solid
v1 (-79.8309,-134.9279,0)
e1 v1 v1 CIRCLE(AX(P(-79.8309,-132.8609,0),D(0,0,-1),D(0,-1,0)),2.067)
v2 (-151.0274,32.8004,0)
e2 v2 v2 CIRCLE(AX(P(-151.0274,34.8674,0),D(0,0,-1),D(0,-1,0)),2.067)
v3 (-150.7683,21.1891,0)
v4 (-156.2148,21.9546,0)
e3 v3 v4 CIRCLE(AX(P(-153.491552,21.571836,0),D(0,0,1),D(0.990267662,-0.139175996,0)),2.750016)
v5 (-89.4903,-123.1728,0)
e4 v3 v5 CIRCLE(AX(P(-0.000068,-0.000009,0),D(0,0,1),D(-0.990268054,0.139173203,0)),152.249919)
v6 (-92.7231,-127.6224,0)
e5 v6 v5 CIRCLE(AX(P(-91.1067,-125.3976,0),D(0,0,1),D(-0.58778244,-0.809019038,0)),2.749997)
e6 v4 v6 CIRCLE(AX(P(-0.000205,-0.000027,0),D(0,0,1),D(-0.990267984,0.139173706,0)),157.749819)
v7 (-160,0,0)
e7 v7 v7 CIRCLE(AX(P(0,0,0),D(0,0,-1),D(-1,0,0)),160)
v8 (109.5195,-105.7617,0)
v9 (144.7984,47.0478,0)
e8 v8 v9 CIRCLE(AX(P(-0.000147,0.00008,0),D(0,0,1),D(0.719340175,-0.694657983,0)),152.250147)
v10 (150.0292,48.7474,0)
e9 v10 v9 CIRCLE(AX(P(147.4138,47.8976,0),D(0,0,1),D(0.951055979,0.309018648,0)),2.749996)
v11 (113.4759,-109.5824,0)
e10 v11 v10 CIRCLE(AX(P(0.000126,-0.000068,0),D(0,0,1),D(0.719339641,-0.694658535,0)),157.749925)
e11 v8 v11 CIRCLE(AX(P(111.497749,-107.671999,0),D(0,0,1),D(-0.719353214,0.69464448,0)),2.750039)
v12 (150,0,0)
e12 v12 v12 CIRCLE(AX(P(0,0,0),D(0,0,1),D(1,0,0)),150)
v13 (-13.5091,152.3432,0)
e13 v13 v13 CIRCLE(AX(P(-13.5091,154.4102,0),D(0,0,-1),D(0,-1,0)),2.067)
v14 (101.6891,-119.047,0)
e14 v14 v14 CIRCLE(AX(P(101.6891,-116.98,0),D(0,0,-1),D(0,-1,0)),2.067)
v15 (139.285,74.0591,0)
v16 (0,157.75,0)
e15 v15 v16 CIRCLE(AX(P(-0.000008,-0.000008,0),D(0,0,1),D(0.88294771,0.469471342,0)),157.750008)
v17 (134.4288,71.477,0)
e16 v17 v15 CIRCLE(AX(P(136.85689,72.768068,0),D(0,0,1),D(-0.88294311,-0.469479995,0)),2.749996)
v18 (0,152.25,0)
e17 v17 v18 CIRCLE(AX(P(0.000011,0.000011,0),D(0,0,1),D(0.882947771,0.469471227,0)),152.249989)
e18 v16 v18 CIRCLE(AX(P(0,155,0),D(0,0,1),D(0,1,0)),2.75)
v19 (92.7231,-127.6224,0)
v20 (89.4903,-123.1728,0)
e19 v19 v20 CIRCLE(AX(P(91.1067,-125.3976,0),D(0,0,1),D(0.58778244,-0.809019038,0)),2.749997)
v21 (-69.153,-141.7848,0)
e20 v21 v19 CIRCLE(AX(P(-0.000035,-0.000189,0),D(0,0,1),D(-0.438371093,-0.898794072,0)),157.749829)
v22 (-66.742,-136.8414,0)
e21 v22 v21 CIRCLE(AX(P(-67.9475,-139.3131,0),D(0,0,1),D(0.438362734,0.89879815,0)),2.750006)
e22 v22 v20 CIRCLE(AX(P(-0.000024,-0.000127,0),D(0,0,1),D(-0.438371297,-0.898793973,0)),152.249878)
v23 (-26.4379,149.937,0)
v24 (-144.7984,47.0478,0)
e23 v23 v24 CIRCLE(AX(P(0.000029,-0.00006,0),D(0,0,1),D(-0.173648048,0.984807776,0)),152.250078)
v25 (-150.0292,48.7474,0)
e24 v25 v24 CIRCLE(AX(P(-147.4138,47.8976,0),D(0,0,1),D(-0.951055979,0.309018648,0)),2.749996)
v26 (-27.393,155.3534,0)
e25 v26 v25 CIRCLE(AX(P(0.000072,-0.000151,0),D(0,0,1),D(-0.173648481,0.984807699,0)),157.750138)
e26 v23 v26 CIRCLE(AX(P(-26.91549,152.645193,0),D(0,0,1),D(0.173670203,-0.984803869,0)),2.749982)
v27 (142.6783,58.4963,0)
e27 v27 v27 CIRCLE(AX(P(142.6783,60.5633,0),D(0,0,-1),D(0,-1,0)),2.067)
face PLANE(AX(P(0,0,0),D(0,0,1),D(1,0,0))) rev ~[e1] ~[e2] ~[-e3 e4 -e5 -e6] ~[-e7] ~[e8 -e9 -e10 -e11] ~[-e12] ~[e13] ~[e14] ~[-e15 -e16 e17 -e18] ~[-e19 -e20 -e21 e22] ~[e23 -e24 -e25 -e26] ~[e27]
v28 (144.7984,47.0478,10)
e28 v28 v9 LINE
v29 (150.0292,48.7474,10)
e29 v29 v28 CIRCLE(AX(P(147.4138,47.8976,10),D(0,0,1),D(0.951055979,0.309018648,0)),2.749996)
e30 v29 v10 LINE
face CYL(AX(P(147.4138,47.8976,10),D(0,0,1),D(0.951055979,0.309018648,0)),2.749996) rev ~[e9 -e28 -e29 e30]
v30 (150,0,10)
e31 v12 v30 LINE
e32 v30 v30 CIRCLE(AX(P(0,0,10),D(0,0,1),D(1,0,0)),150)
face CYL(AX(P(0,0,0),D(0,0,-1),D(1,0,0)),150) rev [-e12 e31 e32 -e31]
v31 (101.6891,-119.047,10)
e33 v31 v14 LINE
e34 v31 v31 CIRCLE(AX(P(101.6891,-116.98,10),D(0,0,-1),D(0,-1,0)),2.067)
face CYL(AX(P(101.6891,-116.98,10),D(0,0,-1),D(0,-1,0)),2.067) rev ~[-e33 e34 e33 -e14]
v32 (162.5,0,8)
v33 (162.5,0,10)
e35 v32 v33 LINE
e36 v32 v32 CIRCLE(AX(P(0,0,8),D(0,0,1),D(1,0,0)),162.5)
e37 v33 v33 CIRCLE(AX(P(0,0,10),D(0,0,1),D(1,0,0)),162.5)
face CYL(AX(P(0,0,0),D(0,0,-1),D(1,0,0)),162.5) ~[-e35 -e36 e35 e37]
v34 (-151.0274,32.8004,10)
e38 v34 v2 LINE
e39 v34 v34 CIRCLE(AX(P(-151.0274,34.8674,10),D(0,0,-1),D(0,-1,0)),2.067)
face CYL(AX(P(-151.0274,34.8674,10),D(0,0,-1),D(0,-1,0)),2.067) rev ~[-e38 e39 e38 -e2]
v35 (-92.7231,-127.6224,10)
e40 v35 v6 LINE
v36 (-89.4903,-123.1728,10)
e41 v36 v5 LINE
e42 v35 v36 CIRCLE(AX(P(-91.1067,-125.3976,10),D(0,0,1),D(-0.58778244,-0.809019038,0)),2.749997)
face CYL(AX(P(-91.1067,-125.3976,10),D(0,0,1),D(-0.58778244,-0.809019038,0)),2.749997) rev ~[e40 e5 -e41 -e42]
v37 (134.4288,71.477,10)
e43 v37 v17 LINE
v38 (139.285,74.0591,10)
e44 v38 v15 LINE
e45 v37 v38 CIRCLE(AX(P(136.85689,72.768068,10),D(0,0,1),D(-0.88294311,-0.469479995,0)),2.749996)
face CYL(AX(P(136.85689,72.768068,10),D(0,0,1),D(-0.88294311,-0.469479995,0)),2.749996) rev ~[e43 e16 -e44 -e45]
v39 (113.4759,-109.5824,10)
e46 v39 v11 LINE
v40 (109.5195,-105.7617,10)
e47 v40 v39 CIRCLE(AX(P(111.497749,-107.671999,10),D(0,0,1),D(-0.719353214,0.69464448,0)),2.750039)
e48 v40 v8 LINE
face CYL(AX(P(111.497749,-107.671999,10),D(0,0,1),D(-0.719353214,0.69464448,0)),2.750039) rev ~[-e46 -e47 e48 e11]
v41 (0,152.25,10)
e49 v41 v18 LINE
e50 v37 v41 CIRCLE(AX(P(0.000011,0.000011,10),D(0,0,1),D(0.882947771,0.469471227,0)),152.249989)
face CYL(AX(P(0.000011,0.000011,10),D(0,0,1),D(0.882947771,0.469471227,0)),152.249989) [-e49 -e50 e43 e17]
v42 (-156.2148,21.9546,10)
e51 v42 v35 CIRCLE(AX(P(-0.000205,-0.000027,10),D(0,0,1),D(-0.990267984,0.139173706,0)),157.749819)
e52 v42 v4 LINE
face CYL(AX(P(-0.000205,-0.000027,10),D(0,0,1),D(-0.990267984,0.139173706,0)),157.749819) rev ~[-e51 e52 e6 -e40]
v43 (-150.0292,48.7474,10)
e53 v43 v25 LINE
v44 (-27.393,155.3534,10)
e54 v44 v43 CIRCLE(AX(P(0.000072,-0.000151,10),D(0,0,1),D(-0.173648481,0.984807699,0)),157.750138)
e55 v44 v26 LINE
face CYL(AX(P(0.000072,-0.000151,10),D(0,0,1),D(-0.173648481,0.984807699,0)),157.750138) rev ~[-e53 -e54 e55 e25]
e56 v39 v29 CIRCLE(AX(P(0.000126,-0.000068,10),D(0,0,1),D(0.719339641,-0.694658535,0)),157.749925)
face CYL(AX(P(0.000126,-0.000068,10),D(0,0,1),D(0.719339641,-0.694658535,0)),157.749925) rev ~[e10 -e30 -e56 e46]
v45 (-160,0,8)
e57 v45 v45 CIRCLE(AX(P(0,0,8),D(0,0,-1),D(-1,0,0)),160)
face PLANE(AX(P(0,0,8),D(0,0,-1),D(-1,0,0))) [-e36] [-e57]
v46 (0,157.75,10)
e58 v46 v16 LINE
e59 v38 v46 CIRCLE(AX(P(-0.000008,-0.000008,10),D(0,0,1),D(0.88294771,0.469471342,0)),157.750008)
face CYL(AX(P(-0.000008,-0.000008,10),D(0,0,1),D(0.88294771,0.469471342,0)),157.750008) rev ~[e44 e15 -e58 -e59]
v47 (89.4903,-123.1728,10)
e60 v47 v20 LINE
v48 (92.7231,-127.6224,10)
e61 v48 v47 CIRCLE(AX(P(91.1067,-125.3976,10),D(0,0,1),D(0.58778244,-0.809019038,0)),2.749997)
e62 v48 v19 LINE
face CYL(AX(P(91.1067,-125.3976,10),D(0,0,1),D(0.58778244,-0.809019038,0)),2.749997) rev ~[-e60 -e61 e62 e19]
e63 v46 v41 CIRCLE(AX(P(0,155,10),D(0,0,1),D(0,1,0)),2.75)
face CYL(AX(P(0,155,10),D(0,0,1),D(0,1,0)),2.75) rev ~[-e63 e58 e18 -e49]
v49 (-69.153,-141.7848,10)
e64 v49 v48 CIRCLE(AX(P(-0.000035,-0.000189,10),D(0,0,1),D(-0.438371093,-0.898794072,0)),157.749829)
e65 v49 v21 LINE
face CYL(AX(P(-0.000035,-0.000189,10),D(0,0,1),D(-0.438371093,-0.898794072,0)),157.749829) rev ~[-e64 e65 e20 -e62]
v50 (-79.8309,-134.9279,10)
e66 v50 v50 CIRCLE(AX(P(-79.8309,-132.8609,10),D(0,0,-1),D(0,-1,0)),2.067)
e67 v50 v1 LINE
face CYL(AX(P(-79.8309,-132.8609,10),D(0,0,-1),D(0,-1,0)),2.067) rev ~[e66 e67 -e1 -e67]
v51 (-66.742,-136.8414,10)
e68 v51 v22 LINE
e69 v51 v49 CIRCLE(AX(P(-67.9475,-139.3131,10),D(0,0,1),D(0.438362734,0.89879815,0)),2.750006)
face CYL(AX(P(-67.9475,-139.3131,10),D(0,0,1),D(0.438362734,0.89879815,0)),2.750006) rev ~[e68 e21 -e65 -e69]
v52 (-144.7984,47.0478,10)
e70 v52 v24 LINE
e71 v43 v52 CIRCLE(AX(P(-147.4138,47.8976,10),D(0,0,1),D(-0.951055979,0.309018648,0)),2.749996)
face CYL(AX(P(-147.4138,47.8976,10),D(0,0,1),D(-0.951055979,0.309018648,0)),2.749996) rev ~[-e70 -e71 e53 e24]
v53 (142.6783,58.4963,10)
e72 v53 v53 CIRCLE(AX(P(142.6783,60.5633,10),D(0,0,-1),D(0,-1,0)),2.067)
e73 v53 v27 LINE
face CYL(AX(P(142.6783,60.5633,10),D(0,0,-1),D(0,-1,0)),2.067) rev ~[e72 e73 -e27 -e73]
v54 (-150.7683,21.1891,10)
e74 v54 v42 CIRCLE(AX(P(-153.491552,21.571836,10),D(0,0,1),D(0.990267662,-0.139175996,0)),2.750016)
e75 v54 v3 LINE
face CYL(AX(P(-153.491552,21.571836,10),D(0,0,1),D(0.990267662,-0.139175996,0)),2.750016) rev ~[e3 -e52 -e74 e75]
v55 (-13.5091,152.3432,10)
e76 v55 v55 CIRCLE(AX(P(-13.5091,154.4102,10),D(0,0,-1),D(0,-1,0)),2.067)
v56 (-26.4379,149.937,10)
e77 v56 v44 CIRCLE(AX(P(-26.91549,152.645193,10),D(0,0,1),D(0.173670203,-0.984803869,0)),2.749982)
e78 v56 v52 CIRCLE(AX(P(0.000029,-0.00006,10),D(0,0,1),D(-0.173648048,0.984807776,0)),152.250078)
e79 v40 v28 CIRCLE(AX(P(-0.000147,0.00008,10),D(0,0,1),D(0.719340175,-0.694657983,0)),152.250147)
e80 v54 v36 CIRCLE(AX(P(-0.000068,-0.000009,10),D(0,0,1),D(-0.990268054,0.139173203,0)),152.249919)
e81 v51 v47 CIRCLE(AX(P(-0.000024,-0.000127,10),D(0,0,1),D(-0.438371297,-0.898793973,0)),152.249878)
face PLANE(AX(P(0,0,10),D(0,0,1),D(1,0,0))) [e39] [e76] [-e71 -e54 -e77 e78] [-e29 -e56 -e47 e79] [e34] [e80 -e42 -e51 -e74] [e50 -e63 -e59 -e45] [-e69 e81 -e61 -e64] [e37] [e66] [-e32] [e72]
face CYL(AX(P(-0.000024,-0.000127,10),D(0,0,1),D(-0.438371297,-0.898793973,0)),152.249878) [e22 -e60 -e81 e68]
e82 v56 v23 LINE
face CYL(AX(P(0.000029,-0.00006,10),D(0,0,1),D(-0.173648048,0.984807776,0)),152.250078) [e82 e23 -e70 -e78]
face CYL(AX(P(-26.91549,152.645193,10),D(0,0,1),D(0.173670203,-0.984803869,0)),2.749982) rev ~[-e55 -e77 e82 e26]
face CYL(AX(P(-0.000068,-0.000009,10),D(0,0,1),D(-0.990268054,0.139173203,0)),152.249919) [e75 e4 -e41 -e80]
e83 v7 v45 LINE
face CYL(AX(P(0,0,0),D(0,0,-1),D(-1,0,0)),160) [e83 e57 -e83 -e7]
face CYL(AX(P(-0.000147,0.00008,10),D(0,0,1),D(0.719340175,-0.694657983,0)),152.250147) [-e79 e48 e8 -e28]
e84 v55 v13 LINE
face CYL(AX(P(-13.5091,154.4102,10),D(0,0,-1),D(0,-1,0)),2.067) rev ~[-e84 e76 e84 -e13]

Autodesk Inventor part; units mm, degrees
ref_plane "YZ Plane" through (0, 0, 0) normal (1, 0, 0) x (0, 1, 0)
ref_plane "XZ Plane" through (0, 0, 0) normal (0, 1, 0) x (-1, 0, 0)
ref_plane "XY Plane" through (0, 0, 0) normal (0, 0, 1) x (1, 0, 0)
sketch "Sketch1" plane through (0, 0, 0) normal (0, 0, 1) x (1, 0, 0)
  circle A0 centre (0, 0) radius 162.5
  circle A1 centre (0, 0) radius 150
  line L0 (0, 0) -> (0, -162.5) construction
  dimension "outer_diameter" = 325
  dimension "inner_diameter" = 300
extrude "Extrusion1" add sketch "Sketch1" along normal blind 10
sketch "Sketch2" plane through (0, 0, 10) normal (0, 0, 1) x (1, 0, 0)
  arc A0 (136.8569, 72.7681) -> (0, 155) centre (0, 0) ccw construction
  arc A1 (139.285, 74.0591) -> (0, 157.75) centre (0, 0) ccw
  arc A2 (134.4288, 71.477) -> (0, 152.25) centre (0, 0) ccw
  arc A3 (134.4288, 71.477) -> (139.285, 74.0591) centre (136.8569, 72.7681) ccw
  arc A4 (0, 157.75) -> (0, 152.25) centre (0, 155) ccw
  line L0 (0, 0) -> (136.8569, 72.7681) construction
  line L1 (0, 0) -> (0, 155) construction
  line L2 (0, 0) -> (0, -28.237) construction
  arc A5 (-27.393, 155.3534) -> (-150.0292, 48.7474) centre (0, 0) ccw
  arc A6 (-26.4379, 149.937) -> (-144.7984, 47.0478) centre (0, 0) ccw
  arc A7 (-26.4379, 149.937) -> (-27.393, 155.3534) centre (-26.9155, 152.6452) ccw
  arc A8 (-150.0292, 48.7474) -> (-144.7984, 47.0478) centre (-147.4138, 47.8976) ccw
  arc A9 (-156.2148, 21.9546) -> (-92.7231, -127.6224) centre (0, 0) ccw
  arc A10 (-150.7683, 21.1891) -> (-89.4903, -123.1728) centre (0, 0) ccw
  arc A11 (-150.7683, 21.1891) -> (-156.2148, 21.9546) centre (-153.4916, 21.5718) ccw
  arc A12 (-92.7231, -127.6224) -> (-89.4903, -123.1728) centre (-91.1067, -125.3976) ccw
  arc A13 (-69.153, -141.7848) -> (92.7231, -127.6224) centre (0, 0) ccw
  arc A14 (-66.742, -136.8414) -> (89.4903, -123.1728) centre (0, 0) ccw
  arc A15 (-66.742, -136.8414) -> (-69.153, -141.7848) centre (-67.9475, -139.3131) ccw
  arc A16 (92.7231, -127.6224) -> (89.4903, -123.1728) centre (91.1067, -125.3976) ccw
  arc A17 (113.4759, -109.5824) -> (150.0292, 48.7474) centre (0, 0) ccw
  arc A18 (109.5195, -105.7617) -> (144.7984, 47.0478) centre (0, 0) ccw
  arc A19 (109.5195, -105.7617) -> (113.4759, -109.5824) centre (111.4977, -107.672) ccw
  arc A20 (150.0292, 48.7474) -> (144.7984, 47.0478) centre (147.4138, 47.8976) ccw
  point P0 (162.5, 0)
  dimension "slot_radius" = 155
  dimension "slot_length_deg" = 62
  dimension "slot_width" = 5.5
  dimension "d15" = 360
extrude "Extrusion3" cut sketch "Sketch2" against normal blind 10
sketch "Sketch3" plane through (0, 0, 10) normal (0, 0, 1) x (1, 0, 0)
  circle A0 centre (0, 0) radius 150 projected
  circle A1 centre (0, 0) radius 155 construction
  line L0 (0, 0) -> (-13.5091, 154.4102) construction
  arc A2 (0, 157.75) -> (0, 152.25) centre (0, 155) ccw projected
  line L1 (0, 155) -> (0, 0) construction
  point P0 (-151.0274, 34.8674)
  point P1 (-79.8309, -132.8609)
  point P2 (101.6891, -116.98)
  point P3 (142.6783, 60.5633)
  dimension "d22" = 310
  dimension "d42" = 360
  dimension "d52" = 5
hole "Hole1" at (-13.5091, 154.4102, 10) at (-151.0274, 34.8674, 10) at (-79.8309, -132.8609, 10) at (101.6891, -116.98, 10) at (142.6783, 60.5633, 10) direction (0, 0, -1) diameter 4.134 end through all thread size "M5x0.8" class "6H" standard "ANSI Metric M Profile"
sketch "Sketch5" plane through (0, 0, 0) normal (0, 0, -1) x (-1, 0, 0)
  circle A0 centre (0, 0) radius 162.5 projected
  circle A1 centre (0, 0) radius 160
  dimension "d53" = 320
extrude "Extrusion4" cut sketch "Sketch5" against normal blind 8
equation "\"d17\" = thickness"
equation "\"offset_angle_gear\" = 65deg"
equation "\"thickness\" = 10"
properties part number "ytterring"
